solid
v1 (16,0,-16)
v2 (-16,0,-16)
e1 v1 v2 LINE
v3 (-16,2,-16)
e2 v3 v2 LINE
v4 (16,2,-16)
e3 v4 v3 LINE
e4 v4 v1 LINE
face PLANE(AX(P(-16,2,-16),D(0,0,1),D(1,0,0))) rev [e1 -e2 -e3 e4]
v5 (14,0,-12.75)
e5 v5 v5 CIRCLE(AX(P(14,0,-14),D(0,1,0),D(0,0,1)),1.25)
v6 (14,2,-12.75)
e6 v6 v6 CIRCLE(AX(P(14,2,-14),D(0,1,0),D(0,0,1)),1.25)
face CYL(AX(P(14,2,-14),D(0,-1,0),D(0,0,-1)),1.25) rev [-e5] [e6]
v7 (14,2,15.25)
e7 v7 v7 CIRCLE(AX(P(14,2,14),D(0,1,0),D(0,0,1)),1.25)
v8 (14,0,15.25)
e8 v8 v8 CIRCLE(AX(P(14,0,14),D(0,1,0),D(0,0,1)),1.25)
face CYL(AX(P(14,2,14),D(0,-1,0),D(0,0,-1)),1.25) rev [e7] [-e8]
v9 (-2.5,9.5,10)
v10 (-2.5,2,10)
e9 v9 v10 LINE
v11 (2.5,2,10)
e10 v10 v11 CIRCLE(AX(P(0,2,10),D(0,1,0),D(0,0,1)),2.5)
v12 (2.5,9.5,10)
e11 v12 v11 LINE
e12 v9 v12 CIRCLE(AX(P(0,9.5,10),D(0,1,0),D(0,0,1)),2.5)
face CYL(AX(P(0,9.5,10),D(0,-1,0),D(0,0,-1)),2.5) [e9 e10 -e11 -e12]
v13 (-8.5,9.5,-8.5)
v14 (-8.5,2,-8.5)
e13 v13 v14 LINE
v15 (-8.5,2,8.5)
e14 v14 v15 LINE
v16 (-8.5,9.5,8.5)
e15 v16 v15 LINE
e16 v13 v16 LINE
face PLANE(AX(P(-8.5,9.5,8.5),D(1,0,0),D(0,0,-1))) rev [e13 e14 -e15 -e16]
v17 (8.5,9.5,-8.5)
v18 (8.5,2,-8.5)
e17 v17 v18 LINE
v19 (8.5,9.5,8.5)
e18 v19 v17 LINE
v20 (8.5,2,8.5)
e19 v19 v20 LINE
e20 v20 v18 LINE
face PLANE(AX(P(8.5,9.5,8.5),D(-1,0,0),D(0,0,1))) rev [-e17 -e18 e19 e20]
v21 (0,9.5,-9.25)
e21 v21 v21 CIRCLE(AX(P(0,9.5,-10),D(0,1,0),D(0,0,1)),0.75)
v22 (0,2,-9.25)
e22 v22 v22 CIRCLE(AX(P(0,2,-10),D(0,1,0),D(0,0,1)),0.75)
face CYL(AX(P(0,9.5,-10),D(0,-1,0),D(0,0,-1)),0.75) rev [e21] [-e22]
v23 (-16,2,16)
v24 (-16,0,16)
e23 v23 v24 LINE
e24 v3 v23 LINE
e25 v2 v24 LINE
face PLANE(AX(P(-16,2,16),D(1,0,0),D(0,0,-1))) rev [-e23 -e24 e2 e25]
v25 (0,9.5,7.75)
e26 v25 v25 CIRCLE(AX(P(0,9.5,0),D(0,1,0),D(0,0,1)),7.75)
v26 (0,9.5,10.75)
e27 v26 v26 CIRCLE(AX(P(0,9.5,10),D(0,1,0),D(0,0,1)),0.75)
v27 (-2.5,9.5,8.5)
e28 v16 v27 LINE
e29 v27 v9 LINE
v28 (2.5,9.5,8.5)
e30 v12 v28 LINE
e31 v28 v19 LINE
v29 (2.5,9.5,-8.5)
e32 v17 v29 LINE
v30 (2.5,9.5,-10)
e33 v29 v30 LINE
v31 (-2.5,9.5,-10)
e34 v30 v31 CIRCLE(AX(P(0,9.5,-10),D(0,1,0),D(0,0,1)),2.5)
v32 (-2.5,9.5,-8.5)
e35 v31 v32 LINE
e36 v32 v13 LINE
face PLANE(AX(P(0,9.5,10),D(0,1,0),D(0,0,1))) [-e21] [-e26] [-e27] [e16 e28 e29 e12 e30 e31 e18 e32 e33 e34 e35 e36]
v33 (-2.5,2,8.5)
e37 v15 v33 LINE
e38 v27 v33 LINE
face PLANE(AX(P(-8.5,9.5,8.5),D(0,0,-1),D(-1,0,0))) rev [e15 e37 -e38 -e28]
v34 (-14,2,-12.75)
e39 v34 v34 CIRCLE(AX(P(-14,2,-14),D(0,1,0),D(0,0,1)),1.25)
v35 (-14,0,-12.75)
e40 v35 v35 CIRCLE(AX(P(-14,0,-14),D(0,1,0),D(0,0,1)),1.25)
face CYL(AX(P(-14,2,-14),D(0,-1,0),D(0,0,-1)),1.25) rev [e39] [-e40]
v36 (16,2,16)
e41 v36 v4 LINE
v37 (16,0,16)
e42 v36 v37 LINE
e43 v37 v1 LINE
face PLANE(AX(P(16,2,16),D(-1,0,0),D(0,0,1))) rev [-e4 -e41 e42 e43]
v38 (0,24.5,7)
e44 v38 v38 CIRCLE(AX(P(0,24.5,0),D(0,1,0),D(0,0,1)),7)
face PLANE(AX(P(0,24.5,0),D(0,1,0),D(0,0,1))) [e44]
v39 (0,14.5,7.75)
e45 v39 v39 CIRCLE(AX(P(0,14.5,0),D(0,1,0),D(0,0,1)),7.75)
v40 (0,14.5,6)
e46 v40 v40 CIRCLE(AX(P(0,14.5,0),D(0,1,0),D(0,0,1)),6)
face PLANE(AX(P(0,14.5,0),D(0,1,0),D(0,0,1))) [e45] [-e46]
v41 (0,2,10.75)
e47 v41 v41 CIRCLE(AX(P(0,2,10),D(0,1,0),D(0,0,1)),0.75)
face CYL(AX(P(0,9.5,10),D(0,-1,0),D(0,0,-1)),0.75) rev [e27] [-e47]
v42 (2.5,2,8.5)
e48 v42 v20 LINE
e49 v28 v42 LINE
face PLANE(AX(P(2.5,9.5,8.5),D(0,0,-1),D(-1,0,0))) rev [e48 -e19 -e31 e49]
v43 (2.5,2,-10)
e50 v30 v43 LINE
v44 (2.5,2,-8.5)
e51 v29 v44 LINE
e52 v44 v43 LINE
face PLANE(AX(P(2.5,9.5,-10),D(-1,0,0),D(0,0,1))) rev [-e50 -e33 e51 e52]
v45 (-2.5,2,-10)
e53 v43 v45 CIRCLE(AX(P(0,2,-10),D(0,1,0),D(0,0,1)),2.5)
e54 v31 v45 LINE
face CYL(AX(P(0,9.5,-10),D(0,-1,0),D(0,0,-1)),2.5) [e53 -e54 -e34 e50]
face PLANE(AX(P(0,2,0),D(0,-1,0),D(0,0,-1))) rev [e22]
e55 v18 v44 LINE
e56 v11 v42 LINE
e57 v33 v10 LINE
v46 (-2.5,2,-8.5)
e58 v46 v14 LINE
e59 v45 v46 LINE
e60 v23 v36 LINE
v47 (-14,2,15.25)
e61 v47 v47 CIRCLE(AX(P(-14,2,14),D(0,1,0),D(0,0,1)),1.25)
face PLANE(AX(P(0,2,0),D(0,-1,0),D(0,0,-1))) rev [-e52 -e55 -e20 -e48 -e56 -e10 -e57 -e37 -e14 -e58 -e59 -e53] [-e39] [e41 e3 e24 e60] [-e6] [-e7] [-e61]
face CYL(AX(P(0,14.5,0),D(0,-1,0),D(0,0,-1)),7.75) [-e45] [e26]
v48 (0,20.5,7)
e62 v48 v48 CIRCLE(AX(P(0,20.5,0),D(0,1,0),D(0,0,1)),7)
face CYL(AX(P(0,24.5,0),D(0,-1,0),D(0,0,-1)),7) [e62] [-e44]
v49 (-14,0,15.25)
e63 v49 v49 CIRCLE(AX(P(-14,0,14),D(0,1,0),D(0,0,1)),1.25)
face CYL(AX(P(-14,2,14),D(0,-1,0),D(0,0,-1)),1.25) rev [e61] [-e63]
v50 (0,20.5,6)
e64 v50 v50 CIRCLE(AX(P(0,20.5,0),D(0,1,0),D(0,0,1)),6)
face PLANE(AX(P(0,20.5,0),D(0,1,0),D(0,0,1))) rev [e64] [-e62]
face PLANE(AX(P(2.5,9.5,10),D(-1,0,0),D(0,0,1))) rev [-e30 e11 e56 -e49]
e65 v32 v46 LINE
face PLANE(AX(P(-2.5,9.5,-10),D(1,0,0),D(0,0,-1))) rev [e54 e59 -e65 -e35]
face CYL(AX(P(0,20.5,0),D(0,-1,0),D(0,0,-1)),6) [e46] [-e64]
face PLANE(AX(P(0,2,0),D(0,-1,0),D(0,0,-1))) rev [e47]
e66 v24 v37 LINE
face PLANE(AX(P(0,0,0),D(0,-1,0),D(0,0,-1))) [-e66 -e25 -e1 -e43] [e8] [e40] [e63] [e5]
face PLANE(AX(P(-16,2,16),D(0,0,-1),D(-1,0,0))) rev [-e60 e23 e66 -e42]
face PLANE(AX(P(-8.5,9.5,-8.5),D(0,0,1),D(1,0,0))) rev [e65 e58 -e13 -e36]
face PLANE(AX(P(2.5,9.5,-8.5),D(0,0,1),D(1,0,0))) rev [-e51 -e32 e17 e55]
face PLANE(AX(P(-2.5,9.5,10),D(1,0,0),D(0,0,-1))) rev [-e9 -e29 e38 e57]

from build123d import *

# Parameters (mm, degrees)
SKETCH_1_W      = 32
SKETCH_1_H      = 32
SKETCH_1_R      = 1.25
EXTRUDE_1_DEPTH = 2
SKETCH_2_R      = 0.75
EXTRUDE_2_DEPTH = 7.5
SKETCH_3_R      = 7.75
EXTRUDE_3_DEPTH = 5
SKETCH_4_R      = 6
EXTRUDE_4_DEPTH = 6
SKETCH_5_R      = 7
EXTRUDE_5_DEPTH = 4


with BuildPart() as part:
    # 草图1 → 凸台-拉伸1 (new body)
    with BuildSketch(Plane(origin=(0, 0, 0), x_dir=(1, 0, 0), z_dir=(0, 1, 0))):
        Rectangle(SKETCH_1_W, SKETCH_1_H)
        with Locations(Location((-14, 14, 0), (0, 0, 270))):
            Circle(SKETCH_1_R, mode=Mode.SUBTRACT)
        with Locations(Location((14, 14, 0), (0, 0, 270))):
            Circle(SKETCH_1_R, mode=Mode.SUBTRACT)
        with Locations(Location((14, -14, 0), (0, 0, 270))):
            Circle(SKETCH_1_R, mode=Mode.SUBTRACT)
        with Locations(Location((-14, -14, 0), (0, 0, 270))):
            Circle(SKETCH_1_R, mode=Mode.SUBTRACT)
    extrude(amount=EXTRUDE_1_DEPTH)

    # 草图2 → 凸台-拉伸2 (add)
    with BuildSketch(Plane(origin=(0, 2, 0), x_dir=(1, 0, 0), z_dir=(0, 1, 0))):
        with BuildLine():
            Line((-2.5, -10), (-2.5, -8.5))
            Line((-2.5, -8.5), (-8.5, -8.5))
            Line((-8.5, -8.5), (-8.5, 8.5))
            Line((-8.5, 8.5), (-2.5, 8.5))
            Line((-2.5, 8.5), (-2.5, 10))
            ThreePointArc((-2.5, 10), (0, 12.5), (2.5, 10))
            Line((2.5, 10), (2.5, 8.5))
            Line((2.5, 8.5), (8.5, 8.5))
            Line((8.5, 8.5), (8.5, -8.5))
            Line((8.5, -8.5), (2.5, -8.5))
            Line((2.5, -8.5), (2.5, -10))
            ThreePointArc((2.5, -10), (0, -12.5), (-2.5, -10))
        make_face()
        with Locations(Location((0, 10, 0), (0, 0, 270))):
            Circle(SKETCH_2_R, mode=Mode.SUBTRACT)
        with Locations(Location((0, -10, 0), (0, 0, 270))):
            Circle(SKETCH_2_R, mode=Mode.SUBTRACT)
    extrude(amount=EXTRUDE_2_DEPTH)

    # 草图3 → 凸台-拉伸3 (add)
    with BuildSketch(Plane(origin=(0, 9.5, 0), x_dir=(1, 0, 0), z_dir=(0, 1, 0))):
        with Locations(Location((0, 0, 0), (0, 0, 270))):
            Circle(SKETCH_3_R)
    extrude(amount=EXTRUDE_3_DEPTH)

    # 草图4 → 凸台-拉伸4 (add)
    with BuildSketch(Plane(origin=(0, 14.5, 0), x_dir=(1, 0, 0), z_dir=(0, 1, 0))):
        with Locations(Location((0, 0, 0), (0, 0, 270))):
            Circle(SKETCH_4_R)
    extrude(amount=EXTRUDE_4_DEPTH)

    # 草图5 → 凸台-拉伸5 (add)
    with BuildSketch(Plane(origin=(0, 20.5, 0), x_dir=(1, 0, 0), z_dir=(0, 1, 0))):
        with Locations(Location((0, 0, 0), (0, 0, 270))):
            Circle(SKETCH_5_R)
    extrude(amount=EXTRUDE_5_DEPTH)


solid = part.part
